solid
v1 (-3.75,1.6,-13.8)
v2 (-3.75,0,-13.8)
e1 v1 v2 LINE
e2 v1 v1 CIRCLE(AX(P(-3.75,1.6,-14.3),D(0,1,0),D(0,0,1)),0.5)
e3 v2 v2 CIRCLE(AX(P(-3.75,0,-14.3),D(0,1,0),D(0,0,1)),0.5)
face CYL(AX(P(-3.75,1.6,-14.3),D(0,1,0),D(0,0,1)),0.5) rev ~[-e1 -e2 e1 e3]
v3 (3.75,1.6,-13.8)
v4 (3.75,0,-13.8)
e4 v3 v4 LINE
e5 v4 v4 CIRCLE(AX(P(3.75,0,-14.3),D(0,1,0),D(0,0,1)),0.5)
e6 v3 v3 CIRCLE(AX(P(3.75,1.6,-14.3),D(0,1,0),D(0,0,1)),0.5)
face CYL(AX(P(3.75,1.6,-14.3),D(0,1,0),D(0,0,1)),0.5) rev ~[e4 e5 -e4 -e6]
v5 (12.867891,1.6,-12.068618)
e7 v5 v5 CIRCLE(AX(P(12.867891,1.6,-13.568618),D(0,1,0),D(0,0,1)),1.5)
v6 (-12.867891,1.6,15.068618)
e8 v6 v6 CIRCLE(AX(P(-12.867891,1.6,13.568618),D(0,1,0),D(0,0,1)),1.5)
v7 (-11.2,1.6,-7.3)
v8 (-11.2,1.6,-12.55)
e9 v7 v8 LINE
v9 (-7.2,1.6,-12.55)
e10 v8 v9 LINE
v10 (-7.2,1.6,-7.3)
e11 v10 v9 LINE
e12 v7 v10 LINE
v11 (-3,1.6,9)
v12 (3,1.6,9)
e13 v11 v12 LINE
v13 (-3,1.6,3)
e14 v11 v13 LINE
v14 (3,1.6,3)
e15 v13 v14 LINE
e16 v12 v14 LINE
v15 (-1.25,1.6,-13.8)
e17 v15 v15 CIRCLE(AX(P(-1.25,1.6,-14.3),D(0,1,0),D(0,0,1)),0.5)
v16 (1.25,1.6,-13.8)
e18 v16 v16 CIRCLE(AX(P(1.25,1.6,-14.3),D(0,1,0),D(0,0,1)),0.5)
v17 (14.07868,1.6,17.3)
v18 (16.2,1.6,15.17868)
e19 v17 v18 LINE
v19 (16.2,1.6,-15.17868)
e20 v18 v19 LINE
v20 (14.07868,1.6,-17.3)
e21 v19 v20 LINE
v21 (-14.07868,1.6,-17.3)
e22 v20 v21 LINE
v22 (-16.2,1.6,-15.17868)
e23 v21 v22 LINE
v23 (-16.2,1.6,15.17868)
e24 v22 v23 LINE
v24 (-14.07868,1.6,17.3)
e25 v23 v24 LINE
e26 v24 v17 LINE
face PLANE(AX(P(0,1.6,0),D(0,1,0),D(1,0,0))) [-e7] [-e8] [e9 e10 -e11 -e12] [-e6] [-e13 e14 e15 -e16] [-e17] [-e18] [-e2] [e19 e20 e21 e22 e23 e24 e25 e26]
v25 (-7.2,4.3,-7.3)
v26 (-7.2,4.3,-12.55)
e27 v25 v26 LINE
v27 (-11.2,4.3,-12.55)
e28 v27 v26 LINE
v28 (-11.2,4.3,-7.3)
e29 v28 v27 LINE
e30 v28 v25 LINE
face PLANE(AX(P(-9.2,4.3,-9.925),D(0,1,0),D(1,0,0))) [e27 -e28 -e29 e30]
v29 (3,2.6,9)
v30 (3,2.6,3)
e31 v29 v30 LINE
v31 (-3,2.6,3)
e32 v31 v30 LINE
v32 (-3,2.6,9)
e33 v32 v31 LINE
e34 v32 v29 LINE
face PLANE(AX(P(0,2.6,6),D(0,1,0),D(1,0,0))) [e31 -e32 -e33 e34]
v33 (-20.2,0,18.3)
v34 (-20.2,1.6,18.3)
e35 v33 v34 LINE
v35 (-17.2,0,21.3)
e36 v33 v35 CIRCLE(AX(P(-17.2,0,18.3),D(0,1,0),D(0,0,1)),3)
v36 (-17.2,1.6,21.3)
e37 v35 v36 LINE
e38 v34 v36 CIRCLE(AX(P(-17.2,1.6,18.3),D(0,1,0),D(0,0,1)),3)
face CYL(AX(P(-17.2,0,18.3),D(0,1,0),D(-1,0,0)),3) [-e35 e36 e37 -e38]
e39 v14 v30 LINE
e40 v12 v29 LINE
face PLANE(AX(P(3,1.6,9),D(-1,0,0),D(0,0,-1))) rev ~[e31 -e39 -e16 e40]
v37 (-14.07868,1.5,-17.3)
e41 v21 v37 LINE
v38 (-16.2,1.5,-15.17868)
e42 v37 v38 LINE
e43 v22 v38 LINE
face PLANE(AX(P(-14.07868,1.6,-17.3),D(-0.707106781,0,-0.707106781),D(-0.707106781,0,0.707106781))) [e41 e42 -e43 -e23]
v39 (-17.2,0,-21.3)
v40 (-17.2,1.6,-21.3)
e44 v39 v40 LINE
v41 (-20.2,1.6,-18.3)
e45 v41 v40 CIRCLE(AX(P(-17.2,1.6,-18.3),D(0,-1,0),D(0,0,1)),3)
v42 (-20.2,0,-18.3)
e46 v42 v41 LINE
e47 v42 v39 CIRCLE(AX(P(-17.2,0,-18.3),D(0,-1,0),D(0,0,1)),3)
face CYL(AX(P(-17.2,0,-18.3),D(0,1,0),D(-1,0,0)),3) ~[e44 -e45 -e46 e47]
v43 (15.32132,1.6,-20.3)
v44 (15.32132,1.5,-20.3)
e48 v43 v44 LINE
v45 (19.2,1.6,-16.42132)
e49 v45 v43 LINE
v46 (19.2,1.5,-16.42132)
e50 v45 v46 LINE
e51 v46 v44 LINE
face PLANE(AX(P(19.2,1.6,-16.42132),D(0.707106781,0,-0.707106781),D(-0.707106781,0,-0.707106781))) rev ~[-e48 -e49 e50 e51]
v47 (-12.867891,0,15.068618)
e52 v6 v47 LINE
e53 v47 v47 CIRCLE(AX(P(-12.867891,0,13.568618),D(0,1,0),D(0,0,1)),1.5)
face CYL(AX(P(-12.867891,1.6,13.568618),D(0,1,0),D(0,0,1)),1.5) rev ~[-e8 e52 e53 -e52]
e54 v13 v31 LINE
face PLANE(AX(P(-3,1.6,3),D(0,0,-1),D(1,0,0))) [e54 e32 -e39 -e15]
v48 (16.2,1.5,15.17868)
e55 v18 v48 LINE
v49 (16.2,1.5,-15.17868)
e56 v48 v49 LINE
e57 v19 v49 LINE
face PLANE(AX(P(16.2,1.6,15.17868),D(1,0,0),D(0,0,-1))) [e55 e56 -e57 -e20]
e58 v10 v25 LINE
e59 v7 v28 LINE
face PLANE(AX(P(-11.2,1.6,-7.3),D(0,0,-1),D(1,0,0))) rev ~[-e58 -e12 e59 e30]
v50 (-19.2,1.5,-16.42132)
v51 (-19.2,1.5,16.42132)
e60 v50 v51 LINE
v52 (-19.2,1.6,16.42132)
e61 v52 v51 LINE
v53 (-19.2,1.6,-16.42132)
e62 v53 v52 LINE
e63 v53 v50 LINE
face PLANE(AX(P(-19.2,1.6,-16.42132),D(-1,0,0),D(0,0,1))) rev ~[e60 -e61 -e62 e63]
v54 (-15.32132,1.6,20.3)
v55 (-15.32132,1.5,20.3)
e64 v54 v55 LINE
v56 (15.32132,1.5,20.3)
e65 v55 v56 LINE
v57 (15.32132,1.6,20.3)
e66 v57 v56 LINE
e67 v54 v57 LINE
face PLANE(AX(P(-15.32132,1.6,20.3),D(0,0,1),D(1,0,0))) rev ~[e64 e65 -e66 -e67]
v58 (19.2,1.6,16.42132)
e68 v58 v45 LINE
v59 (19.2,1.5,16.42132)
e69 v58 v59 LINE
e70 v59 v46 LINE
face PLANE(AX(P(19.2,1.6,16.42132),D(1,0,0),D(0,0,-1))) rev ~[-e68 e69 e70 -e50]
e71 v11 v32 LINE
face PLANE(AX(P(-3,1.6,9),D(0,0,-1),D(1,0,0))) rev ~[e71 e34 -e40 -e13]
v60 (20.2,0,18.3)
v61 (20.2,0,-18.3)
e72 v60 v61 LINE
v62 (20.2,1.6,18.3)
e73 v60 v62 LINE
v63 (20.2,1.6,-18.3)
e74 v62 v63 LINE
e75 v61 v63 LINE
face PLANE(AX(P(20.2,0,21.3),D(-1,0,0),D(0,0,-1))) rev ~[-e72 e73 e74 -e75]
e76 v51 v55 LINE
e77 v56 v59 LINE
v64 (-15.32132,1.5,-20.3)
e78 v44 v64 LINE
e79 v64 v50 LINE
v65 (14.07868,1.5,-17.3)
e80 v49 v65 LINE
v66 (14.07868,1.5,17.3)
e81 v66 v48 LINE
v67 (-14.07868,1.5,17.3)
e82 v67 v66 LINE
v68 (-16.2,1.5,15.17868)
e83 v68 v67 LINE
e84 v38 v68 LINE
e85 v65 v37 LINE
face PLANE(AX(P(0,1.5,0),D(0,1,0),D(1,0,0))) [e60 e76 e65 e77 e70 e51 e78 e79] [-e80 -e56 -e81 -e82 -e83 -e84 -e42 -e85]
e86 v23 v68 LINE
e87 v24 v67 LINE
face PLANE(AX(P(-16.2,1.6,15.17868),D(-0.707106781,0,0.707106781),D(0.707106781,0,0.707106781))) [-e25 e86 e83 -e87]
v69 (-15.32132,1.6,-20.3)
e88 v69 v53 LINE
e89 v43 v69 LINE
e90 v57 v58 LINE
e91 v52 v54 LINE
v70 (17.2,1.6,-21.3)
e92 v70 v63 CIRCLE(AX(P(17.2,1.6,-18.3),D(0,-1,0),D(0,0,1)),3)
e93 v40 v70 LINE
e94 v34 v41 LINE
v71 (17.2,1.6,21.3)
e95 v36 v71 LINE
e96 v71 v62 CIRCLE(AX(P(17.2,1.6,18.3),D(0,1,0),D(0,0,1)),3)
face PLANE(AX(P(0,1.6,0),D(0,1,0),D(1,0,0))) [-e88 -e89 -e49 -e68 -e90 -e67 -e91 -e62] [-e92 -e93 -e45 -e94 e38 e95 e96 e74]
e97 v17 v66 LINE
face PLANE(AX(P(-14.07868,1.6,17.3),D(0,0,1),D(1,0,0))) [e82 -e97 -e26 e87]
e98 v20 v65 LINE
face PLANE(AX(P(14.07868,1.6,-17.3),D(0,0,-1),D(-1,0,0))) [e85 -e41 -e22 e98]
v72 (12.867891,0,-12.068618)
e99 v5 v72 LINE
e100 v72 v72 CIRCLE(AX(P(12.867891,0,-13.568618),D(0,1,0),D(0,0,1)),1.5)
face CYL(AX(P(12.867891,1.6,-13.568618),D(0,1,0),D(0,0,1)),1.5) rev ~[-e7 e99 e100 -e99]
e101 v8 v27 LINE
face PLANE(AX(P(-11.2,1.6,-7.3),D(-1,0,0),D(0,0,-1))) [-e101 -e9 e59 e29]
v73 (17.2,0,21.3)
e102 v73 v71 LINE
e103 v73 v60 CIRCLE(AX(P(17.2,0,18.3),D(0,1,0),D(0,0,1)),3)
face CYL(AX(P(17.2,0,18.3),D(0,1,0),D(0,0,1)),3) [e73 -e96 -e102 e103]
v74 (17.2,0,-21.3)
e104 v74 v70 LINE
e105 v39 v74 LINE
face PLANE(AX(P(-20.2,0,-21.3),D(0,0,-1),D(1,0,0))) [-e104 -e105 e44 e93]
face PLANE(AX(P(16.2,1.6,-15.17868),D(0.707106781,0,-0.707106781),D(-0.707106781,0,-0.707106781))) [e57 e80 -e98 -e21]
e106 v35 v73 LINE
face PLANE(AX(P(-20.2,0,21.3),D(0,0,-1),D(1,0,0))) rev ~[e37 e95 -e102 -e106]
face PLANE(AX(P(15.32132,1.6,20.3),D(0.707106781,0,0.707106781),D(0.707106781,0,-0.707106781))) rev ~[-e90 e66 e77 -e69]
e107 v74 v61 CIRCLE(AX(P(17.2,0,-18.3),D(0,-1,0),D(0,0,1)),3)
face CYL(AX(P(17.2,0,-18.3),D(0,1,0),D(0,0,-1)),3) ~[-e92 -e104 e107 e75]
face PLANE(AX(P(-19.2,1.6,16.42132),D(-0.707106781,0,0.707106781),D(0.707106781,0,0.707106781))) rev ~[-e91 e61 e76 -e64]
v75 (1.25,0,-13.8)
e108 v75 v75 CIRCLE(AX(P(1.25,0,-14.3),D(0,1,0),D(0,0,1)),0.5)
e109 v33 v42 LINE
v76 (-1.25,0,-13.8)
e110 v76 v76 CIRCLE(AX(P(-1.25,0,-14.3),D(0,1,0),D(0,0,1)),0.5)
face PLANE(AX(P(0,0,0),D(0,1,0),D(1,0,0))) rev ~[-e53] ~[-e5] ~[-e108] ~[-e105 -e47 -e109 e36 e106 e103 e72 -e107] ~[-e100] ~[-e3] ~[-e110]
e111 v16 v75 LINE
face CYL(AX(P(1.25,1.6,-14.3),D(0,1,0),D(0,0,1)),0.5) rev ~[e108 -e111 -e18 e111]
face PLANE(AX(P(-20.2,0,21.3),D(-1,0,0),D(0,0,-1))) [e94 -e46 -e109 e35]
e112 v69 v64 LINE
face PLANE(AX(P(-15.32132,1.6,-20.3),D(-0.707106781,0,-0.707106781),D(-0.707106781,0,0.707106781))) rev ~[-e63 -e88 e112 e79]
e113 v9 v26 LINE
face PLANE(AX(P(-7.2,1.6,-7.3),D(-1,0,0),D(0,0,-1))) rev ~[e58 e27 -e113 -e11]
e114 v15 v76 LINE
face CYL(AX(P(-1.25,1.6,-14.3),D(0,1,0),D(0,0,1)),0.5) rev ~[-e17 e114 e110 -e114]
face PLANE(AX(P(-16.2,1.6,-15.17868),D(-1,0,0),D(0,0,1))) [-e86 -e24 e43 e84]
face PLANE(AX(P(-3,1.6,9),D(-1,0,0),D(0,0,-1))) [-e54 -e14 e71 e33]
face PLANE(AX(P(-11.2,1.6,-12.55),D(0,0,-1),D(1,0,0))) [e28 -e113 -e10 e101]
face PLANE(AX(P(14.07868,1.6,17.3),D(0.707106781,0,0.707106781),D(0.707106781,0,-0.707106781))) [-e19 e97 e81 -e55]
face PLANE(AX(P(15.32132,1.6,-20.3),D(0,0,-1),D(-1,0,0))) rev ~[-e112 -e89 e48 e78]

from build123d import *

# Parameters (mm, degrees)
SKETCH1_W               = 40.4
SKETCH1_H               = 42.6
BOSS_EXTRUDE1_DEPTH     = 1.6
SKETCH2_R               = 1.5
CUT_EXTRUDE1_DEPTH      = 30.3988095
CUT_EXTRUDE_THIN2_DEPTH = 0.1
FILLET1_R               = 3
SKETCH3_W               = 4
SKETCH3_H               = 5.25
BOSS_EXTRUDE2_DEPTH     = 2.7
SKETCH4_W               = 6
SKETCH4_H               = 6
BOSS_EXTRUDE3_DEPTH     = 1
SKETCH6_R               = 0.5
CUT_EXTRUDE2_DEPTH      = 30.479145171


with BuildPart() as part:
    # Sketch1 → Boss-Extrude1 (new body)
    with BuildSketch(Plane(origin=(0, 0, 0), x_dir=(1, 0, 0), z_dir=(0, 1, 0))):
        Rectangle(SKETCH1_W, SKETCH1_H)
    extrude(amount=BOSS_EXTRUDE1_DEPTH)

    # Sketch2 → Cut-Extrude1 (cut, through all)
    with BuildSketch(Plane(origin=(0, 1.6, 0), x_dir=(1, 0, 0), z_dir=(0, 1, 0))):
        with Locations((12.867890888, 13.568617619)):
            Circle(SKETCH2_R)
        with Locations((-12.867890888, -13.568617619)):
            Circle(SKETCH2_R)
    extrude(amount=-CUT_EXTRUDE1_DEPTH, mode=Mode.SUBTRACT)

    # Sketch5 → Cut-Extrude-Thin2 (cut)
    with BuildSketch(Plane(origin=(0, 1.6, 0), x_dir=(1, 0, 0), z_dir=(0, 1, 0))):
        Polygon((-15.321320344, 20.3), (-19.2, 16.421320344), (-19.2, -16.421320344), (-15.321320344, -20.3), (15.321320344, -20.3), (19.2, -16.421320344), (19.2, 16.421320344), (15.321320344, 20.3), align=None)
        Polygon((-14.078679656, 17.3), (-16.2, 15.178679656), (-16.2, -15.178679656), (-14.078679656, -17.3), (14.078679656, -17.3), (16.2, -15.178679656), (16.2, 15.178679656), (14.078679656, 17.3), align=None, mode=Mode.SUBTRACT)
    extrude(amount=-CUT_EXTRUDE_THIN2_DEPTH, mode=Mode.SUBTRACT)

    # Fillet1
    fillet1_edges = [part.edges().sort_by_distance(p)[0] for p in [
        (20.2, 0.8, -21.3),
        (20.2, 0.8, 21.3),
        (-20.2, 0.8, 21.3),
        (-20.2, 0.8, -21.3),
    ]]
    fillet(fillet1_edges, radius=FILLET1_R)

    # Sketch3 → Boss-Extrude2 (add)
    with BuildSketch(Plane(origin=(0, 1.6, 0), x_dir=(1, 0, 0), z_dir=(0, 1, 0))):
        with Locations((-9.2, 9.925)):
            Rectangle(SKETCH3_W, SKETCH3_H)
    extrude(amount=BOSS_EXTRUDE2_DEPTH)

    # Sketch4 → Boss-Extrude3 (add)
    with BuildSketch(Plane(origin=(0, 1.6, 0), x_dir=(1, 0, 0), z_dir=(0, 1, 0))):
        with Locations((0, -6)):
            Rectangle(SKETCH4_W, SKETCH4_H)
    extrude(amount=BOSS_EXTRUDE3_DEPTH)

    # Sketch6 → Cut-Extrude2 (cut, through all)
    with BuildSketch(Plane(origin=(0, 1.6, 0), x_dir=(1, 0, 0), z_dir=(0, 1, 0))):
        with Locations((-3.75, 14.3)):
            Circle(SKETCH6_R)
        with Locations((-1.25, 14.3)):
            Circle(SKETCH6_R)
        with Locations((1.25, 14.3)):
            Circle(SKETCH6_R)
        with Locations((3.75, 14.3)):
            Circle(SKETCH6_R)
    extrude(amount=-CUT_EXTRUDE2_DEPTH, mode=Mode.SUBTRACT)


solid = part.part
